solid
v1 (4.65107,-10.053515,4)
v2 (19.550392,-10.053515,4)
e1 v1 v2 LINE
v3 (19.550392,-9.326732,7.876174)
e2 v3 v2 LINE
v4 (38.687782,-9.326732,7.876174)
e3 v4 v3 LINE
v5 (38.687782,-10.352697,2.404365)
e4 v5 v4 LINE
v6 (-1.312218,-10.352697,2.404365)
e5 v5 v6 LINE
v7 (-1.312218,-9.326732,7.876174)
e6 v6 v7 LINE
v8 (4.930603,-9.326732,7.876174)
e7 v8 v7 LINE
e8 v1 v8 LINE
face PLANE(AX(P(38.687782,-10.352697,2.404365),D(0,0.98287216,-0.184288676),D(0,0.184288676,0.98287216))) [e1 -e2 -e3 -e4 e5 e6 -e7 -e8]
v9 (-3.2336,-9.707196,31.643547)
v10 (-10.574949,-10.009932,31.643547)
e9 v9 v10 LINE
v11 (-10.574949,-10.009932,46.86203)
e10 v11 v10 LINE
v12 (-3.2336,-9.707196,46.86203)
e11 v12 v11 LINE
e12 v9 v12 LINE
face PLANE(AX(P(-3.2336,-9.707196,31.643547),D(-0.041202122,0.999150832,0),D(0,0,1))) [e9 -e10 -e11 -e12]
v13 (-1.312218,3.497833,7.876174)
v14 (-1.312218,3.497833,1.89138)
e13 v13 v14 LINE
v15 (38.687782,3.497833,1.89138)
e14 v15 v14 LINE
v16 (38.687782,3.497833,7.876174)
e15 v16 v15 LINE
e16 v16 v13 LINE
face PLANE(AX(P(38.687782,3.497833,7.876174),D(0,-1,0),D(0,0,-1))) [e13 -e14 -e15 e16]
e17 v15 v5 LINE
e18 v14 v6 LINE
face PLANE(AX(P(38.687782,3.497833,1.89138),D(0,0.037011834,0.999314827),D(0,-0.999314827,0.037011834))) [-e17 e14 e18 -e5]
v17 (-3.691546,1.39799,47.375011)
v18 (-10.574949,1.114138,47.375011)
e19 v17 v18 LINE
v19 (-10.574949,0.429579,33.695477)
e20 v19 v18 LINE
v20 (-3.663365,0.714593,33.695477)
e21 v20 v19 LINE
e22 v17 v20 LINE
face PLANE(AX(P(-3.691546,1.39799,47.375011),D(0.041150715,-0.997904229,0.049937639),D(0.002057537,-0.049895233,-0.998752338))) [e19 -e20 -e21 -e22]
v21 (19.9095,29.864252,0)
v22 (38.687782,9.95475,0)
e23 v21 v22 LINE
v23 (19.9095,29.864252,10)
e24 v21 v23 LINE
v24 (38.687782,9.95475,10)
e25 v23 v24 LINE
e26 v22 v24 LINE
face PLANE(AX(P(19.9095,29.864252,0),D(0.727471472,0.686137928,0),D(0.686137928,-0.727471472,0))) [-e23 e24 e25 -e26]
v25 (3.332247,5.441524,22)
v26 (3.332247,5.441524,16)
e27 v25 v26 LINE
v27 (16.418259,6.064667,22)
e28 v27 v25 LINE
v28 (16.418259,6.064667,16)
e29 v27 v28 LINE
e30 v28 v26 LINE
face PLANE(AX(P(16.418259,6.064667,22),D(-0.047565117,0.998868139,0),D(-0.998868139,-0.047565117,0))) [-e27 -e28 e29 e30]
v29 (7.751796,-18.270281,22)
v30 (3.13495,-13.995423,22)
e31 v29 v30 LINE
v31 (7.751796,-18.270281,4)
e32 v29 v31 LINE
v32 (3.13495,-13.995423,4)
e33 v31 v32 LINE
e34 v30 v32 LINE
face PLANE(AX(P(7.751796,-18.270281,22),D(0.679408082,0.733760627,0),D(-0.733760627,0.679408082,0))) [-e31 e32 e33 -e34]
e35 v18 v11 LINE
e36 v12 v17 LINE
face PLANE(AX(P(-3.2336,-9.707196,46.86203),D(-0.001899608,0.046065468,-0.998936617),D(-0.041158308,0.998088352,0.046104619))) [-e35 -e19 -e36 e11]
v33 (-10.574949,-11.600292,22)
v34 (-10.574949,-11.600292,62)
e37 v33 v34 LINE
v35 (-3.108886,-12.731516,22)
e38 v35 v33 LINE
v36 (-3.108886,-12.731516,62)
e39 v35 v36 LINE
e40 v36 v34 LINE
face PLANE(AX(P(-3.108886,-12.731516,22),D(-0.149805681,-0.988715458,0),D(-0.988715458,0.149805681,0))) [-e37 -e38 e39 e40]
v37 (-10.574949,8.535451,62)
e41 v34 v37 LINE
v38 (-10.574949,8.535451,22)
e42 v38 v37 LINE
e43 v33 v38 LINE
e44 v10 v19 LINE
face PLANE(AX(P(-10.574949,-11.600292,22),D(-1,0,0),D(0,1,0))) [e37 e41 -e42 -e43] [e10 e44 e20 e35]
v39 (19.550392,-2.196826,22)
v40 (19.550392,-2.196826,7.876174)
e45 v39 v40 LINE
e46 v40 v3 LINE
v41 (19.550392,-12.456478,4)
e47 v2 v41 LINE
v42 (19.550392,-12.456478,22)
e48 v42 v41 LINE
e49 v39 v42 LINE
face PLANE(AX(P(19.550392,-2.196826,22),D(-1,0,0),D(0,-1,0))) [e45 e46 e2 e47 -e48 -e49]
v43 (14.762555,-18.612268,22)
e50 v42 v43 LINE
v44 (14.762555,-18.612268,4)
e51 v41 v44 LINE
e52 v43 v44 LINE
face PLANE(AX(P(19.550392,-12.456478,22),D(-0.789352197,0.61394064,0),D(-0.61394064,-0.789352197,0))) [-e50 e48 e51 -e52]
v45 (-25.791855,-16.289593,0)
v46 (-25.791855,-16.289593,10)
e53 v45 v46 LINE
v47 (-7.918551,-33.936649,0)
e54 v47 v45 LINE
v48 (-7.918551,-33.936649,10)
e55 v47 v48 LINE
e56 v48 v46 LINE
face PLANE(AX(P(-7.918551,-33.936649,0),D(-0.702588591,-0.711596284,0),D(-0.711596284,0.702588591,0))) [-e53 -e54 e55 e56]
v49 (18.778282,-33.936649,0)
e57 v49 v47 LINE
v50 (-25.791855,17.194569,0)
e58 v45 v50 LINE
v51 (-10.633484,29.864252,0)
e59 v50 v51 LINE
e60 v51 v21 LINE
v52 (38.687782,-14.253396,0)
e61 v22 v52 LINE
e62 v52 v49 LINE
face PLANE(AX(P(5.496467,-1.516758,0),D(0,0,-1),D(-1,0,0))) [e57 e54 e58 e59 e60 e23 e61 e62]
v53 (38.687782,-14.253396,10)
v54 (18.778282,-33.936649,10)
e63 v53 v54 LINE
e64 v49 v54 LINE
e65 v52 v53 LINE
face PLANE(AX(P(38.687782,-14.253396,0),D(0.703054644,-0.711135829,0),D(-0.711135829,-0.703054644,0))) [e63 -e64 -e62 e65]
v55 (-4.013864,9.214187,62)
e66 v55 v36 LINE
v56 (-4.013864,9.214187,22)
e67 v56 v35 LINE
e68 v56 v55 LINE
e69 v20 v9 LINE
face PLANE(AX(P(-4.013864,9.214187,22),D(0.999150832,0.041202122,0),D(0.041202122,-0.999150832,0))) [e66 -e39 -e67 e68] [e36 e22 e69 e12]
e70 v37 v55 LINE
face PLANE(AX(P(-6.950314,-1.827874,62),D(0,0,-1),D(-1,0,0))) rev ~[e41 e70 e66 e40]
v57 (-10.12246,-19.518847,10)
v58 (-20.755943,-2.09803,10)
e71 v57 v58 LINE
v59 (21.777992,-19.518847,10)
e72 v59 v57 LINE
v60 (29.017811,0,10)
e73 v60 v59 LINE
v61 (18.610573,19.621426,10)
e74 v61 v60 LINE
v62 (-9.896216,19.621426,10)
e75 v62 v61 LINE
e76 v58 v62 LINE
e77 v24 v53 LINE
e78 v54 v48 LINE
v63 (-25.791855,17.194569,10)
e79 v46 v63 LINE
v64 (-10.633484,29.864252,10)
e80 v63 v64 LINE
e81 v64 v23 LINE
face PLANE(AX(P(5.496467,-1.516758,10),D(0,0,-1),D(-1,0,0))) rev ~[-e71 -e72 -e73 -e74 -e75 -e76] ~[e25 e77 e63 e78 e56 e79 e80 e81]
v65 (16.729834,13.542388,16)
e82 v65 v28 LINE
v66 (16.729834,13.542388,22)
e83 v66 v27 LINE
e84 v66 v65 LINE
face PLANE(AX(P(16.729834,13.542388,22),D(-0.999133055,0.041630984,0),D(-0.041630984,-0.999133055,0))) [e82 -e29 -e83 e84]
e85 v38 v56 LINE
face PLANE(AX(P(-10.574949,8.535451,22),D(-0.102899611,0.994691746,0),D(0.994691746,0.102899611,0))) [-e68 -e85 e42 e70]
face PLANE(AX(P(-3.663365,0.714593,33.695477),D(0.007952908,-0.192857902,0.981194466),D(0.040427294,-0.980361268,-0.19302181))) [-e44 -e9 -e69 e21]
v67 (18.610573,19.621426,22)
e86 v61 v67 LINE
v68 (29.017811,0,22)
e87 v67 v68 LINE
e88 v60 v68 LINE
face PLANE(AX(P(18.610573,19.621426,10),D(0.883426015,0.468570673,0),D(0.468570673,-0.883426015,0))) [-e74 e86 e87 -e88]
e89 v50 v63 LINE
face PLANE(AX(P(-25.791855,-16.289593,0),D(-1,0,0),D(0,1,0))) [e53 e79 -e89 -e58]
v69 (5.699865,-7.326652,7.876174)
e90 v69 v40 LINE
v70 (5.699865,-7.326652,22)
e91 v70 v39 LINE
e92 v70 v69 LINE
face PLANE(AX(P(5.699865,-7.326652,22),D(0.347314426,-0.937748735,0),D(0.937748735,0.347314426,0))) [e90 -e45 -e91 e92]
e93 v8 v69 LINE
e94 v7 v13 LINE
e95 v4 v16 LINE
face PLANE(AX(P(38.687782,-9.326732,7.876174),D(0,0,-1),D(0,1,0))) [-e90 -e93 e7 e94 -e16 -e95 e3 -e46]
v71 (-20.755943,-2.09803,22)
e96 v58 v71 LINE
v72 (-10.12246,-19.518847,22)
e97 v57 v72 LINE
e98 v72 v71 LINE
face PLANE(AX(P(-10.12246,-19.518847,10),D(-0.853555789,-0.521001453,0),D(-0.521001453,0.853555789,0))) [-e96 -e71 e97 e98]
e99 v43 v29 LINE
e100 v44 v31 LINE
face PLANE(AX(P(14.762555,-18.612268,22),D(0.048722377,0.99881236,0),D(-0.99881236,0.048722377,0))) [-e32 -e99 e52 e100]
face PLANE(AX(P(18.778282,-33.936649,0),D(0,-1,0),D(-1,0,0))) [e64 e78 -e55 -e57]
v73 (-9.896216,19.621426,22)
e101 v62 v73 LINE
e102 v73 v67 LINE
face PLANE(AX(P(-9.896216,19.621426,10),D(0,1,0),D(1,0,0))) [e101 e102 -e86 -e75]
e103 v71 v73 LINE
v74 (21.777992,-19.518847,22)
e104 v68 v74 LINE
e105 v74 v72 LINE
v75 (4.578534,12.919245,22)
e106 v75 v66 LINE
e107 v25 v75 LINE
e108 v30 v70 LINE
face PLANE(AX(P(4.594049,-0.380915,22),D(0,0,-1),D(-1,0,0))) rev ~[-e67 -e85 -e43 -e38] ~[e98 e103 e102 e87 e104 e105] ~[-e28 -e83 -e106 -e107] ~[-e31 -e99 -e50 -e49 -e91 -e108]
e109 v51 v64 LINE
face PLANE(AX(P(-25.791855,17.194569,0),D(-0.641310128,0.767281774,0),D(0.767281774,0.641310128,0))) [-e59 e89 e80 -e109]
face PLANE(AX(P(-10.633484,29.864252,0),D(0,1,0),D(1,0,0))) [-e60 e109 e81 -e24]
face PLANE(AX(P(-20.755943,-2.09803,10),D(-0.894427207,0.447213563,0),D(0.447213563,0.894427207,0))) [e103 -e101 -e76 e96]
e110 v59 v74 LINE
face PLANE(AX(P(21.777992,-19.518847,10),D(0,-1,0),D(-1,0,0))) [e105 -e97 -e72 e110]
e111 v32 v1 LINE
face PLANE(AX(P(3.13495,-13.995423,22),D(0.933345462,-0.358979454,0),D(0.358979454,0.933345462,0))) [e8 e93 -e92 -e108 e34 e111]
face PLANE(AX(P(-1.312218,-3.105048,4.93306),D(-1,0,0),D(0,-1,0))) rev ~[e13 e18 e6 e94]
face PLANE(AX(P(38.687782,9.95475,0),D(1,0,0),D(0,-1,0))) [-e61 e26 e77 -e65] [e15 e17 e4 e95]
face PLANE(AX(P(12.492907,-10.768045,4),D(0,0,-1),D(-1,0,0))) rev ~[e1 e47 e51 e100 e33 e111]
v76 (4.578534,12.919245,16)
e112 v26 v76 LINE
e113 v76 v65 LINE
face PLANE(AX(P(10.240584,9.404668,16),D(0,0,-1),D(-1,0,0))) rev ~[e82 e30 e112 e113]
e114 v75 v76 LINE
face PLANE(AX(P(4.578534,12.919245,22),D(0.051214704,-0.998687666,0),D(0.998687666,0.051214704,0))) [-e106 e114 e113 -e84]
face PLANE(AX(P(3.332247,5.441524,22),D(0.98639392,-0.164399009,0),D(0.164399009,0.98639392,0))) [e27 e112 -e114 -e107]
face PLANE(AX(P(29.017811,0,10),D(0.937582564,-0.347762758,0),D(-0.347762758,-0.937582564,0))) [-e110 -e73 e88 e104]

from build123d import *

# Parameters (mm, degrees)
PAD_DEPTH       = 10
PAD001_DEPTH    = 12
PAD002_DEPTH    = 40
POCKET_DEPTH    = 6
POCKET001_DEPTH = 18
POCKET002_DEPTH = 9
POCKET003_DEPTH = 40


with BuildPart() as part:
    # Sketch → Pad (new body)
    with BuildSketch(Plane.XY):
        Polygon((-10.633484, 29.864252), (19.9095, 29.864252), (38.687782, 9.95475), (38.687782, -14.253396), (18.778282, -33.936649), (-7.918551, -33.936649), (-25.791855, -16.289593), (-25.791855, 17.194569), align=None)
    extrude(amount=PAD_DEPTH)

    # Sketch002 (on Face10 of Pad) → Pad001 (join)
    with BuildSketch(Plane.XY.offset(10)):
        Polygon((-9.896216, 19.621426), (18.610573, 19.621426), (29.017811, 0), (21.777992, -19.518847), (-10.12246, -19.518847), (-20.755943, -2.09803), align=None)
    extrude(amount=PAD001_DEPTH)

    # Sketch003 (on Face17 of Pad001) → Pad002 (join)
    with BuildSketch(Plane.XY.offset(22)):
        Polygon((-10.574949, 8.535451), (-4.013864, 9.214187), (-3.108886, -12.731516), (-10.574949, -11.600292), align=None)
    extrude(amount=PAD002_DEPTH)

    # Sketch004 (on Face17 of Pad002) → Pocket (cut)
    with BuildSketch(Plane.XY.offset(22)):
        Polygon((4.578534, 12.919245), (16.729834, 13.542388), (16.418259, 6.064667), (3.332247, 5.441524), align=None)
    extrude(amount=-POCKET_DEPTH, mode=Mode.SUBTRACT)

    # Sketch005 (on Face17 of Pocket) → Pocket001 (cut)
    with BuildSketch(Plane.XY.offset(22)):
        Polygon((5.699865, -7.326652), (19.550392, -2.196826), (19.550392, -12.456478), (14.762555, -18.612268), (7.751796, -18.270281), (3.13495, -13.995423), align=None)
    extrude(amount=-POCKET001_DEPTH, mode=Mode.SUBTRACT)

    # Sketch006 (on Face27 of Pocket001) → Pocket002 (cut)
    with BuildSketch(Plane(origin=(-3.6277283341, -0.1495971367, 0), x_dir=(-0.0412021215, 0.999150832, 0), z_dir=(0.999150832, 0.0412021215, 0))):
        Polygon((-9.565722, 46.86203), (1.548902, 47.375011), (0.864925, 33.695477), (-9.565722, 31.643547), align=None)
    extrude(amount=-POCKET002_DEPTH, mode=Mode.SUBTRACT)

    # Sketch008 (on Face7 of Pocket002) → Pocket003 (cut)
    with BuildSketch(Plane.YZ.offset(38.687782)):
        Polygon((-9.326732, 7.876174), (3.497833, 7.876174), (3.497833, 1.89138), (-10.352697, 2.404365), align=None)
    extrude(amount=-POCKET003_DEPTH, mode=Mode.SUBTRACT)


solid = part.part
